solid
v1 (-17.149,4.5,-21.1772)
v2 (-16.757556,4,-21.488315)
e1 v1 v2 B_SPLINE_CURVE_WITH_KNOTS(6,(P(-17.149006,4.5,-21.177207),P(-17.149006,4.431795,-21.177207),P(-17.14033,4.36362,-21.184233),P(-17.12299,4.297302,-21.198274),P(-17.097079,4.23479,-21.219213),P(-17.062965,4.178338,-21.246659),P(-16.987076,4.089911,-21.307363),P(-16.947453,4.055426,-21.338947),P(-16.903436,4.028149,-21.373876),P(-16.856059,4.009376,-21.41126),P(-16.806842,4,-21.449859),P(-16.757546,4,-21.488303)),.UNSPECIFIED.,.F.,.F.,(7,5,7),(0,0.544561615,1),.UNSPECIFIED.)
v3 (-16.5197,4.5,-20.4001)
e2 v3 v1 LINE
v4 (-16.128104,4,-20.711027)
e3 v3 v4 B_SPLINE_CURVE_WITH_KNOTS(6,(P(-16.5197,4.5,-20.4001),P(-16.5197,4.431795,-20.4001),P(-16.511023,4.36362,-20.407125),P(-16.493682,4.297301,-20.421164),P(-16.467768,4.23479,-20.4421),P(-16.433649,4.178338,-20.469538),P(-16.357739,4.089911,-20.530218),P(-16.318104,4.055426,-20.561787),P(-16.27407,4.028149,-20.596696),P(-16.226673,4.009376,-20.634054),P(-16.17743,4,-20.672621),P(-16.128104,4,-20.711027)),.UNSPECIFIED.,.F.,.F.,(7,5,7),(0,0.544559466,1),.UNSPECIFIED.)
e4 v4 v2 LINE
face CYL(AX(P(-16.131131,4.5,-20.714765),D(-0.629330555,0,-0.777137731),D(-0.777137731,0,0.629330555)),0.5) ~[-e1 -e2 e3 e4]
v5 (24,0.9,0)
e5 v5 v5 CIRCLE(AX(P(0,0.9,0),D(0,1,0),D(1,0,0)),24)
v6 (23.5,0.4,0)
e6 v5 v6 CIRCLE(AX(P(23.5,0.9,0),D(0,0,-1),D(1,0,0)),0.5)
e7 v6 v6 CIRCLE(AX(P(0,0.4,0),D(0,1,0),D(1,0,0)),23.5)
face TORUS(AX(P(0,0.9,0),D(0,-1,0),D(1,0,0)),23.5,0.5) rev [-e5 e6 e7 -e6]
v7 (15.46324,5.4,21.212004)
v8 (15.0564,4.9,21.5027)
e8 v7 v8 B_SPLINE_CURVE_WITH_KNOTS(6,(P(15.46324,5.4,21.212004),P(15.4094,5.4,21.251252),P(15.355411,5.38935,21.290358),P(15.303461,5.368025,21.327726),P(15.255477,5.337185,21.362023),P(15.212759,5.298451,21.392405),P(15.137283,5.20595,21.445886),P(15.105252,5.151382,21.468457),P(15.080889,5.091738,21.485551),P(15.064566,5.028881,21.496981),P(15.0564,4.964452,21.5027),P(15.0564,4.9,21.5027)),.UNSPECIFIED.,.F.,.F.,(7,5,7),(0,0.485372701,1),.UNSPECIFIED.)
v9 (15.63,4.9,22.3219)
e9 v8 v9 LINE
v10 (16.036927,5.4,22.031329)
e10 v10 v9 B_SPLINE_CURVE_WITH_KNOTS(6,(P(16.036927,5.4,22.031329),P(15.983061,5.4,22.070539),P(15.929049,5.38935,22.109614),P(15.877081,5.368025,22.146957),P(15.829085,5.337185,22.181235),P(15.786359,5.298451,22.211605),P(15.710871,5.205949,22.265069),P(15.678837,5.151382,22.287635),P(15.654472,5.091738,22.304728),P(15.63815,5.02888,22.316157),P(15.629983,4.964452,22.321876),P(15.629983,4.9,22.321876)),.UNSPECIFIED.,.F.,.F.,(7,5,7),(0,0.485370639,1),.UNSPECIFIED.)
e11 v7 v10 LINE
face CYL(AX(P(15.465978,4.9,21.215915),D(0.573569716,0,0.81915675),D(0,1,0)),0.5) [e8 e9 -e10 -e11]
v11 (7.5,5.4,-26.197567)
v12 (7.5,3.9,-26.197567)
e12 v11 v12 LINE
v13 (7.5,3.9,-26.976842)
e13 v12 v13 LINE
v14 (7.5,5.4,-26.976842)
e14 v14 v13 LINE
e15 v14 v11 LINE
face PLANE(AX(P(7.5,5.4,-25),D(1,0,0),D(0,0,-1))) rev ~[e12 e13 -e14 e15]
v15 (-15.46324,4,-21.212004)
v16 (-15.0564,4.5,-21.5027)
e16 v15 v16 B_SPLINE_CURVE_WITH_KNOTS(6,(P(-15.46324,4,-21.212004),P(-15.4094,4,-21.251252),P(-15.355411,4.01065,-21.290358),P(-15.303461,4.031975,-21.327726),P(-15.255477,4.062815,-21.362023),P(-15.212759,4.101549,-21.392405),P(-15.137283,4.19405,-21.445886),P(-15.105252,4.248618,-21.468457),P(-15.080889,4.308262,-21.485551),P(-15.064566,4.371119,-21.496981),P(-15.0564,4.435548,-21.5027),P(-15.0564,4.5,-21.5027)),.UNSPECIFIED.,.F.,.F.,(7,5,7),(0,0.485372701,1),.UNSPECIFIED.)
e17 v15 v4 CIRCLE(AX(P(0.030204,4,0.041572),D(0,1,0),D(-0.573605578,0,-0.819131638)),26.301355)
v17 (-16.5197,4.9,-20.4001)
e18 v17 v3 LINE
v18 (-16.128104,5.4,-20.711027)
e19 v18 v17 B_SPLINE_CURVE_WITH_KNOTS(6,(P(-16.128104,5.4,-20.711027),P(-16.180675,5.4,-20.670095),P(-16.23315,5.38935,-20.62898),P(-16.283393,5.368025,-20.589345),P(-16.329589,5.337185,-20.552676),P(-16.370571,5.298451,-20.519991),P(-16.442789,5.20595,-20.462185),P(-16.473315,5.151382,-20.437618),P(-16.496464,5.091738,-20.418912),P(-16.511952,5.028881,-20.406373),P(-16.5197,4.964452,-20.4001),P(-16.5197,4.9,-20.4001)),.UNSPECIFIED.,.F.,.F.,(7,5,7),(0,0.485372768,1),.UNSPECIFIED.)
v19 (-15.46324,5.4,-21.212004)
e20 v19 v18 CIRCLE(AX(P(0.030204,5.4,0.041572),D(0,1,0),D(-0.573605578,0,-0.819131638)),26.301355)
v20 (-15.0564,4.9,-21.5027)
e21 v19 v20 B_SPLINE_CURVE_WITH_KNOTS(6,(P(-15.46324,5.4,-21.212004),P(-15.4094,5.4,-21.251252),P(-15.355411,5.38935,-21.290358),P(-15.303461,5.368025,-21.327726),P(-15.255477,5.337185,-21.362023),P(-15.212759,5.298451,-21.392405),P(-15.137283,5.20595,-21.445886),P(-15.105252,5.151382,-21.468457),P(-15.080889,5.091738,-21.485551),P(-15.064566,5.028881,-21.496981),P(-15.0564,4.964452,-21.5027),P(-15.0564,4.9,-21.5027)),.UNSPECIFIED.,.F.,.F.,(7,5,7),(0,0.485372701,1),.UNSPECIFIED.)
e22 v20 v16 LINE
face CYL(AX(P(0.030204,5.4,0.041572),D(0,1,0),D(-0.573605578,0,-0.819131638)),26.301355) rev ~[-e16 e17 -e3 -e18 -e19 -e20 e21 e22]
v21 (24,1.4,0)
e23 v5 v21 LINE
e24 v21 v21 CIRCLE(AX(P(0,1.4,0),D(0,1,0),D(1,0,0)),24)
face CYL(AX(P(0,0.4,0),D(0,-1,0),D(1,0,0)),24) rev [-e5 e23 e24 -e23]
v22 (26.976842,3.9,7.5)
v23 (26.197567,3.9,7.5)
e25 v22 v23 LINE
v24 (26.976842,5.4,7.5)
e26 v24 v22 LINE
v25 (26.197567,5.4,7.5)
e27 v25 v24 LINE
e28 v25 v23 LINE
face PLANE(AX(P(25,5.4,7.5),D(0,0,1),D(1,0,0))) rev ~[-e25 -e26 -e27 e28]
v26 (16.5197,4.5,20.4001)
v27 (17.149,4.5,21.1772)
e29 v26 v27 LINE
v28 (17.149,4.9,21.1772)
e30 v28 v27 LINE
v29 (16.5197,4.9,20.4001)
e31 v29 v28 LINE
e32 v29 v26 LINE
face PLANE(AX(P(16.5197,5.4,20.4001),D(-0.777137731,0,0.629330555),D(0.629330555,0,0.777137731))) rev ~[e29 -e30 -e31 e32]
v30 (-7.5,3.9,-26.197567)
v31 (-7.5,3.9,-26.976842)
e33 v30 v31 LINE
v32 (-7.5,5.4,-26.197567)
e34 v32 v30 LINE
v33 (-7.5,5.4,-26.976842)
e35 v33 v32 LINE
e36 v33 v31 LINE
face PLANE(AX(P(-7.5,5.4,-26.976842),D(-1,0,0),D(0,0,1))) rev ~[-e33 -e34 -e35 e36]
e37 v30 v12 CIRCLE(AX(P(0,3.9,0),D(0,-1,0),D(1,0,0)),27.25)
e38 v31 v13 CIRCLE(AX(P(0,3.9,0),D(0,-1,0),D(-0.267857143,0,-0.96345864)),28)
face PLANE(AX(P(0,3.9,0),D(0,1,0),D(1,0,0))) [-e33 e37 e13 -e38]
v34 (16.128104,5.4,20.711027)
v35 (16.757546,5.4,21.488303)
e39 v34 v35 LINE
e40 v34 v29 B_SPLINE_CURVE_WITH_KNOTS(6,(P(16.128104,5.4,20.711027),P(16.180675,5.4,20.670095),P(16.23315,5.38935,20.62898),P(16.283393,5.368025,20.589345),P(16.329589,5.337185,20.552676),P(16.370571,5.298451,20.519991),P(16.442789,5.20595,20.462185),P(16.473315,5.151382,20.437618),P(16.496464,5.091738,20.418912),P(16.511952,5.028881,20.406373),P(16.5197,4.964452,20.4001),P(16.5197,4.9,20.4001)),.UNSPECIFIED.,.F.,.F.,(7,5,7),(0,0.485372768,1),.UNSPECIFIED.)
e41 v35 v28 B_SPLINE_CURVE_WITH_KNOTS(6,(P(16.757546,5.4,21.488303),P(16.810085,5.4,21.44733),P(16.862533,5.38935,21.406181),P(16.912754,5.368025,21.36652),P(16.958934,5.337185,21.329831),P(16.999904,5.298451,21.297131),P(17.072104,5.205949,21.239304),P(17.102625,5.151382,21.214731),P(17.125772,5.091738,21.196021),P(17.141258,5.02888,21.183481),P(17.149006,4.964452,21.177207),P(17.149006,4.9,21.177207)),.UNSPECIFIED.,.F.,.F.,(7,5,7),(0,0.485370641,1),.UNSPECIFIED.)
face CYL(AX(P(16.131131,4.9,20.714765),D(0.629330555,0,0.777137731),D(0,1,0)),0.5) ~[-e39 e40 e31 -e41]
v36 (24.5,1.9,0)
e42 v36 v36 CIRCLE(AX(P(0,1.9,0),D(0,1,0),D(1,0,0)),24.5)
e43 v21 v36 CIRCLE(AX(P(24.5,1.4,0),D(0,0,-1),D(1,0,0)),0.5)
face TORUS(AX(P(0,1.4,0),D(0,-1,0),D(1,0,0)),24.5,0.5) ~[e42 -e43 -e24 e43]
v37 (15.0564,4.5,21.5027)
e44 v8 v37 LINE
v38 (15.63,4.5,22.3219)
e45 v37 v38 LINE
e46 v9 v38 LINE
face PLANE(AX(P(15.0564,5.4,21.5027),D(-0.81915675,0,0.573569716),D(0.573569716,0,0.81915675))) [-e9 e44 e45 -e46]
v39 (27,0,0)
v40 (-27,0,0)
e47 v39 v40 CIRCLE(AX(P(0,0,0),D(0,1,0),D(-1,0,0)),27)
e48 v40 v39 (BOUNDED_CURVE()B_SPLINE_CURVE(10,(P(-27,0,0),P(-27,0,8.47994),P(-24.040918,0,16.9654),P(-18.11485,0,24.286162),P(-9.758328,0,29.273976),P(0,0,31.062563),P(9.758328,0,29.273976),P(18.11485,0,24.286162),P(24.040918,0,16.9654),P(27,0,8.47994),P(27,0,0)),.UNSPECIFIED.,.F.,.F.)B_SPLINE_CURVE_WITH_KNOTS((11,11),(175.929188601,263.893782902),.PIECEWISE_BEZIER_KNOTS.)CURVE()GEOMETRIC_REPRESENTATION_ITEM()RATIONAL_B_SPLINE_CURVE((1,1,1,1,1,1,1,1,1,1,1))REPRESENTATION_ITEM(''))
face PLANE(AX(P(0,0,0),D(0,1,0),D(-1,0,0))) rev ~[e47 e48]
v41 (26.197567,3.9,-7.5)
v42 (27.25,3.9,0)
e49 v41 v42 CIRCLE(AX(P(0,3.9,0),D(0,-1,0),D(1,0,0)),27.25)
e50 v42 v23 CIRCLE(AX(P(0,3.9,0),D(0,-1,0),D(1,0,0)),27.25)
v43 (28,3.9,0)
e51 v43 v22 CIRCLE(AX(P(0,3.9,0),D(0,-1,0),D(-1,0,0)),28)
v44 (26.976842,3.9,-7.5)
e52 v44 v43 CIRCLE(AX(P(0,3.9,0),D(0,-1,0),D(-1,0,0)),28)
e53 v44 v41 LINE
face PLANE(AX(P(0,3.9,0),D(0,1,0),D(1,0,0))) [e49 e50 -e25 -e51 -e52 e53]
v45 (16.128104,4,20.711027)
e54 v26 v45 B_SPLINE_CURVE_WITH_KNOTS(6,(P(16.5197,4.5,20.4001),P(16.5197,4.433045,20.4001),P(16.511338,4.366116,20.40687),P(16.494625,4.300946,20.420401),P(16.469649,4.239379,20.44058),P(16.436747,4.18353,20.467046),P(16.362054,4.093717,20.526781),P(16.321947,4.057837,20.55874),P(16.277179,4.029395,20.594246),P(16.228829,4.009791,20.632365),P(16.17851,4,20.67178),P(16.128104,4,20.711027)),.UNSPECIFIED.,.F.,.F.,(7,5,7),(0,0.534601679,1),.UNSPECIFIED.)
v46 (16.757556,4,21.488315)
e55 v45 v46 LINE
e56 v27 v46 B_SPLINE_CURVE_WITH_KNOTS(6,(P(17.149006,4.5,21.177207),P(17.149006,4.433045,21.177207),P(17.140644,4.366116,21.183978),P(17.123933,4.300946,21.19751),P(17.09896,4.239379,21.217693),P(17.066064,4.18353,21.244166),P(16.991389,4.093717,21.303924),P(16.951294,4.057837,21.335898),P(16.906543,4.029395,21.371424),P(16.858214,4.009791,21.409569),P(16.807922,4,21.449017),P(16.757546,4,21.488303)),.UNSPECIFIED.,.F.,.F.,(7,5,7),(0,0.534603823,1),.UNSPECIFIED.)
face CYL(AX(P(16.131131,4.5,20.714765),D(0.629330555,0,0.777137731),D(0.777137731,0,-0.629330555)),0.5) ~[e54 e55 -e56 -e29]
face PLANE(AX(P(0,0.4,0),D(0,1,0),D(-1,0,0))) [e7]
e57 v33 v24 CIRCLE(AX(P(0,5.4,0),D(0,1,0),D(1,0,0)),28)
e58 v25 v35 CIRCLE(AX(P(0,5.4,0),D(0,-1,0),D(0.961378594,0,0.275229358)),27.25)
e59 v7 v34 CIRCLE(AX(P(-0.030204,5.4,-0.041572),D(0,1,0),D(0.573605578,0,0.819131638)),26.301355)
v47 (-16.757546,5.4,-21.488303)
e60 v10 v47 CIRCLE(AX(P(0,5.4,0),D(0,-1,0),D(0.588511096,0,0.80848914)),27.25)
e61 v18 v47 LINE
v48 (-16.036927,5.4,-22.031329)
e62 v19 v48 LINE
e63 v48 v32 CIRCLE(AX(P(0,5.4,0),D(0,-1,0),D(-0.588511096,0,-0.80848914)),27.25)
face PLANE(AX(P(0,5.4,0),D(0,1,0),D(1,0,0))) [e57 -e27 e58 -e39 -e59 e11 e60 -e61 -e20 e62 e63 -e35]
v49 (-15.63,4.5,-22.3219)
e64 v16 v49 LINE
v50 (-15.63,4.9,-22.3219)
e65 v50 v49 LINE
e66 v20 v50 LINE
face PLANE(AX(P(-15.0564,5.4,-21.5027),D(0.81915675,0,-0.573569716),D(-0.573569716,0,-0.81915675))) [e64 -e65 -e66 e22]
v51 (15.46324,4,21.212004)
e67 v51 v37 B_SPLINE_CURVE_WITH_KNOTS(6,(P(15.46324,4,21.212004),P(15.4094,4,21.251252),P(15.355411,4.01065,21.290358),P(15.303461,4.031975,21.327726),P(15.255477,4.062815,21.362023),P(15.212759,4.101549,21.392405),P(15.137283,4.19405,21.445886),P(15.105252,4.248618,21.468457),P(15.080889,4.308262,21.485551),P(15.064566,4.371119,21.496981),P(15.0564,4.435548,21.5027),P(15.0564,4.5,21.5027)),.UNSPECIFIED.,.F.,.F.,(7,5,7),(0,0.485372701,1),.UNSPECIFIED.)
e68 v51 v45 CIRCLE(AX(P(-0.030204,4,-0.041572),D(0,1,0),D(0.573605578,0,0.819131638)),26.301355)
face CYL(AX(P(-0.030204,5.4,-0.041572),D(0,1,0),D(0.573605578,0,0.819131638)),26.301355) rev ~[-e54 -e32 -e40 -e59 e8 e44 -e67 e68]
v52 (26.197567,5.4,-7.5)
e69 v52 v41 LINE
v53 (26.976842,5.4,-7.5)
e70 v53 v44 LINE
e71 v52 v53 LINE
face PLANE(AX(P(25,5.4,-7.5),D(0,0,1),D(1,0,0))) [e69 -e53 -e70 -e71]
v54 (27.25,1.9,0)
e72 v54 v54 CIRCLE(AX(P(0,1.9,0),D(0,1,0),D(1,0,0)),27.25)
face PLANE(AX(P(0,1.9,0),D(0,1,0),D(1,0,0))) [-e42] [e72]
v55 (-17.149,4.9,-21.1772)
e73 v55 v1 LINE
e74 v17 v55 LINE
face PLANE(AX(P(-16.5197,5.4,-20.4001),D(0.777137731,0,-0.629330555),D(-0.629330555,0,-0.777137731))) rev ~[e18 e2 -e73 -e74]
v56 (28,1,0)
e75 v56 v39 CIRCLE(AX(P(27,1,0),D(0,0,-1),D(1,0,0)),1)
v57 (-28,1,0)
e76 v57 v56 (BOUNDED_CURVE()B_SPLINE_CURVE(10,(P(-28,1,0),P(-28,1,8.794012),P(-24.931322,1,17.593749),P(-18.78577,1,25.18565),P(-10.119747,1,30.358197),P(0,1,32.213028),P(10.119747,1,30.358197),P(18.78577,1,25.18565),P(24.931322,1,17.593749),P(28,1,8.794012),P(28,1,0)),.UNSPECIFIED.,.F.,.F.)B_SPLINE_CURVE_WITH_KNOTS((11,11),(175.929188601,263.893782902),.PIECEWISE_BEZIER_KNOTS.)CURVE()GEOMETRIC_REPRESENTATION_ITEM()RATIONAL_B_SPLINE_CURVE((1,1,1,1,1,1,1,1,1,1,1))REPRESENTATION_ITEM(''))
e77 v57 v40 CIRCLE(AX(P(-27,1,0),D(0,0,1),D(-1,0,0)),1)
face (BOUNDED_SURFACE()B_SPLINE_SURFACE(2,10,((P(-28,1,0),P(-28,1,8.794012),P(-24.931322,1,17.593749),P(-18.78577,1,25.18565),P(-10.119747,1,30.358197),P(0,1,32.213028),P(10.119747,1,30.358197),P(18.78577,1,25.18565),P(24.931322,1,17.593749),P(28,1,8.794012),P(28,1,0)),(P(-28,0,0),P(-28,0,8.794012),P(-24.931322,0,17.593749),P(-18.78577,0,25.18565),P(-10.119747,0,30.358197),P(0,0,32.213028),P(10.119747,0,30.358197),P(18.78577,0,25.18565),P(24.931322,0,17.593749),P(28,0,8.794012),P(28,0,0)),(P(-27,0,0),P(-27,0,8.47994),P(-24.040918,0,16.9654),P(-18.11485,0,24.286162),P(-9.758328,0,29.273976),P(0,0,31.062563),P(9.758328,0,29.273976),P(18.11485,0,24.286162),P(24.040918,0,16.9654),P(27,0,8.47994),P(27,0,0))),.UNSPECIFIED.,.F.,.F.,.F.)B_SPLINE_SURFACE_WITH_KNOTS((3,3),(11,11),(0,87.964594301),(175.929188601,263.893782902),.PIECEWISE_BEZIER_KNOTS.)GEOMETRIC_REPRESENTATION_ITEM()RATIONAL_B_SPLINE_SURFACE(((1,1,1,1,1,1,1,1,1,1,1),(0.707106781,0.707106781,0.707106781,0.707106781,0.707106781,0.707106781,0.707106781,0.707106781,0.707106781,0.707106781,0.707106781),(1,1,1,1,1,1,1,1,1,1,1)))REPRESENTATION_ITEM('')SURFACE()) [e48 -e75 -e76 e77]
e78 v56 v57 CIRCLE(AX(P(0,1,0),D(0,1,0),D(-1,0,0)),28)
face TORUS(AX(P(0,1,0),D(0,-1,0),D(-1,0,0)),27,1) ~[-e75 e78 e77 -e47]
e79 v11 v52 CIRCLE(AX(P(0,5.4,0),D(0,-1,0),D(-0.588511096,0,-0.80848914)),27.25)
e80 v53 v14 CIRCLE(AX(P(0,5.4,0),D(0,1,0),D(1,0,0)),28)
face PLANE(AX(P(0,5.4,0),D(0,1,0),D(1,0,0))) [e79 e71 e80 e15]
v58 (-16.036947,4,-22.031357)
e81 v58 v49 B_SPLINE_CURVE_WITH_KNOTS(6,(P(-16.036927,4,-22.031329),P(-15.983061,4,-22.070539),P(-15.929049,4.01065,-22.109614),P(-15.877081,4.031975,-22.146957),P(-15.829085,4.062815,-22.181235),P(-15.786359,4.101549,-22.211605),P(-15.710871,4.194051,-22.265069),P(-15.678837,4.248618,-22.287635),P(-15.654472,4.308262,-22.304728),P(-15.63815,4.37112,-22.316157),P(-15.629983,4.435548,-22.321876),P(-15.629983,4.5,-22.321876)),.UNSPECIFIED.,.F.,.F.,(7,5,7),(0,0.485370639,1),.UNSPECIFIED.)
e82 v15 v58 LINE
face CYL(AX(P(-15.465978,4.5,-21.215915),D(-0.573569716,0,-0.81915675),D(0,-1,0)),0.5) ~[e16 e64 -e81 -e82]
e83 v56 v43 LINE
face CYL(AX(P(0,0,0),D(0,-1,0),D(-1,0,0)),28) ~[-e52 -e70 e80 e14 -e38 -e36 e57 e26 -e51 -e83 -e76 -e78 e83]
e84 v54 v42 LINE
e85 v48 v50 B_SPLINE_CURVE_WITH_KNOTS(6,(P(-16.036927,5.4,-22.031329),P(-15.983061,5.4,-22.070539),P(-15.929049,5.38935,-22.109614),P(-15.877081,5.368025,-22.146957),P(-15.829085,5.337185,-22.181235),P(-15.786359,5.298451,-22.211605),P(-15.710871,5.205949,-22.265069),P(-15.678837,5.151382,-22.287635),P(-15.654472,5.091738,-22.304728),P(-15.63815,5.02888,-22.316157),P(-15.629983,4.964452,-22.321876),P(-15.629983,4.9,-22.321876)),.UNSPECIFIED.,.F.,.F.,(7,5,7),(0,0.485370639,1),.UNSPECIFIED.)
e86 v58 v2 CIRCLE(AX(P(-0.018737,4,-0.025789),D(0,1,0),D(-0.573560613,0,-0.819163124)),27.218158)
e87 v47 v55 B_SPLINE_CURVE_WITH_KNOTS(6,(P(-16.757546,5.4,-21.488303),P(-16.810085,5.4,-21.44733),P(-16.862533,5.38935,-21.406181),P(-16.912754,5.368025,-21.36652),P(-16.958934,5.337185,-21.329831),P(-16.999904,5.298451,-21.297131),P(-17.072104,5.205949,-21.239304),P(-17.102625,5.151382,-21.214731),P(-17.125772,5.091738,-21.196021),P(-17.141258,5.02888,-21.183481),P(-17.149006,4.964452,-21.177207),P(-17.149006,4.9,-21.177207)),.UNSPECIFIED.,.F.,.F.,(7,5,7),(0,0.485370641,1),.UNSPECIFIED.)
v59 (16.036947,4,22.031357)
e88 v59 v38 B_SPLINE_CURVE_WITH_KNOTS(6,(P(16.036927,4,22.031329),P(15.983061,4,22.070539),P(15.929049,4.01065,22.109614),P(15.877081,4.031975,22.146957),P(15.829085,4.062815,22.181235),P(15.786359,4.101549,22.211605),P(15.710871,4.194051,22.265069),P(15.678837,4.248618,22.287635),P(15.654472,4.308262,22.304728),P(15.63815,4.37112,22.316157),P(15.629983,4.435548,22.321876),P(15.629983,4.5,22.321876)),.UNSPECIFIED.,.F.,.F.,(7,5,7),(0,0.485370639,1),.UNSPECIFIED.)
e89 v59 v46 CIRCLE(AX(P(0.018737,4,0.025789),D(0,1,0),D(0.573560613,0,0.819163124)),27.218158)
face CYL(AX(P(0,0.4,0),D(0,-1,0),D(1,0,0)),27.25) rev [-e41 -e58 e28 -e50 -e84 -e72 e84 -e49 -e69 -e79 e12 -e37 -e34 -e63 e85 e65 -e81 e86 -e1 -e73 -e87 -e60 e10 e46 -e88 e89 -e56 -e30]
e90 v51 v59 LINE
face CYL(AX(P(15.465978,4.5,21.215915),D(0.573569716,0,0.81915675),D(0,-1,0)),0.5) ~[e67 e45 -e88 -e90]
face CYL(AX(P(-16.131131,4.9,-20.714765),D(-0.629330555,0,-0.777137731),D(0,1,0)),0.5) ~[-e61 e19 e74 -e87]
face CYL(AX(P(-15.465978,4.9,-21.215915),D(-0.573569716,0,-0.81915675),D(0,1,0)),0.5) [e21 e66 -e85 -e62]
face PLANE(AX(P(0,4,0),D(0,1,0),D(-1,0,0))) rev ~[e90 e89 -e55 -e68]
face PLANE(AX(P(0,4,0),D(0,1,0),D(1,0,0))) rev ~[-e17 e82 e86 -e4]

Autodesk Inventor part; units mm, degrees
ref_plane "YZ Plane" through (0, 0, 0) normal (1, 0, 0) x (0, 1, 0)
ref_plane "XZ Plane" through (0, 0, 0) normal (0, 1, 0) x (-1, 0, 0)
ref_plane "XY Plane" through (0, 0, 0) normal (0, 0, 1) x (1, 0, 0)
sketch "Sketch1" plane through (0, 0, 0) normal (0, 1, 0) x (-1, 0, 0)
  circle A0 centre (0, 0) radius 28
  dimension "d7" = 56
extrude "Extrusion1" add sketch "Sketch1" along normal blind 0.4
sketch "Sketch2" plane through (0, 0.4, 0) normal (0, 1, 0) x (1, 0, 0)
  circle A0 centre (0, 0) radius 27.25
  circle A1 centre (0, 0) radius 28
  dimension "d4" = 54.5
  dimension "d8" = 56
extrude "Extrusion2" add sketch "Sketch2" along normal blind 5
sketch "Sketch3" plane through (0, 5.4, 0) normal (0, 1, 0) x (1, 0, 0)
  arc A0 (-15.63, 22.3219) -> (-17.149, 21.1772) centre (0, 0) ccw
  line L0 (0, 0) -> (-17.149, 21.1772) construction
  line L1 (0, 0) -> (27.25, 0) construction
  line L2 (0, 0) -> (-15.63, 22.3219) construction
  arc A1 (-15.0564, 21.5027) -> (-16.5197, 20.4001) centre (0, 0) ccw
  line L3 (0, 0) -> (-16.5197, 20.4001) construction
  line L4 (0, 0) -> (26.25, 0) construction
  line L5 (0, 0) -> (-15.0564, 21.5027) construction
  line L6 (-16.5197, 20.4001) -> (-17.149, 21.1772)
  line L7 (-15.0564, 21.5027) -> (-15.63, 22.3219)
  circle A2 centre (0, 0) radius 27.25 projected
  dimension "d9" = 27.25
  dimension "d10" = 129
  dimension "d11" = 4
  dimension "d12" = 26.25
  dimension "d13" = 129
  dimension "d14" = 4
extrude "Extrusion3" add sketch "Sketch3" against normal blind 1.4 contours L7 A1 L6 A0
fillet "Fillet1" radius 0.5 4 edges at (-15.3432, 4, -21.9123) (-15.3432, 5.4, -21.9123) (-16.8343, 5.4, -20.7887) (-16.8343, 4, -20.7887)
pattern_circular "Circular Pattern1" count 2 over 360 about axis through (0, 0, 0) along (0, 1, 0) of "Extrusion3", "Fillet1"
sketch "Sketch4" plane through (0, 5.4, 0) normal (0, 1, 0) x (1, 0, 0)
  circle A0 centre (0, 0) radius 28 projected
  line L0 (0, 28) -> (-7.5, 28)
  line L1 (-7.5, 28) -> (-7.5, 25)
  line L2 (-7.5, 25) -> (0, 25)
  line L3 (0, 25) -> (0, 28)
  line L4 (0, 25) -> (7.5, 25)
  line L5 (7.5, 25) -> (7.5, 28)
  line L6 (7.5, 28) -> (0, 28)
  line L7 (0, 28) -> (0, 25)
  circle A1 centre (0, 0) radius 28 projected
  line L8 (28, 0) -> (25, 0)
  line L9 (25, 0) -> (25, 7.5)
  line L10 (25, 7.5) -> (28, 7.5)
  line L11 (28, 7.5) -> (28, 0)
  line L12 (28, 0) -> (25, 0)
  line L13 (25, 0) -> (25, -7.5)
  line L14 (25, -7.5) -> (28, -7.5)
  line L15 (28, -7.5) -> (28, 0)
  dimension "d25" = 7.5
  dimension "d26" = 3
  dimension "d27" = 7.5
  dimension "d28" = 3
  dimension "d51" = 3
  dimension "d52" = 7.5
  dimension "d53" = 3
  dimension "d54" = 7.5
extrude "Extrusion4" cut sketch "Sketch4" against normal blind 1.5 contours L8 L9 L10 A0 | L15 L14 A0 | A0 L14 L13 L8 | A0 L10 L11 | L5 L4 L3 A0 | A0 L6 L5 | L1 L0 A0 | A0 L3 L2 L1
sketch "Sketch7" plane through (0, 0.4, 0) normal (0, 1, 0) x (1, 0, 0)
  circle A0 centre (0, 0) radius 24
  circle A1 centre (0, 0) radius 27.25
  dimension "d47" = 48
  dimension "d50" = 54.5
extrude "Extrusion7" add sketch "Sketch7" along normal blind 1.5
fillet "Fillet5" radius 1 1 edges at (28, 0, 0)
fillet "Fillet5" radius 0.5 2 edges at (-24, 0.4, 0) (-24, 1.9, 0)
properties part number "Diffuser_V1"
